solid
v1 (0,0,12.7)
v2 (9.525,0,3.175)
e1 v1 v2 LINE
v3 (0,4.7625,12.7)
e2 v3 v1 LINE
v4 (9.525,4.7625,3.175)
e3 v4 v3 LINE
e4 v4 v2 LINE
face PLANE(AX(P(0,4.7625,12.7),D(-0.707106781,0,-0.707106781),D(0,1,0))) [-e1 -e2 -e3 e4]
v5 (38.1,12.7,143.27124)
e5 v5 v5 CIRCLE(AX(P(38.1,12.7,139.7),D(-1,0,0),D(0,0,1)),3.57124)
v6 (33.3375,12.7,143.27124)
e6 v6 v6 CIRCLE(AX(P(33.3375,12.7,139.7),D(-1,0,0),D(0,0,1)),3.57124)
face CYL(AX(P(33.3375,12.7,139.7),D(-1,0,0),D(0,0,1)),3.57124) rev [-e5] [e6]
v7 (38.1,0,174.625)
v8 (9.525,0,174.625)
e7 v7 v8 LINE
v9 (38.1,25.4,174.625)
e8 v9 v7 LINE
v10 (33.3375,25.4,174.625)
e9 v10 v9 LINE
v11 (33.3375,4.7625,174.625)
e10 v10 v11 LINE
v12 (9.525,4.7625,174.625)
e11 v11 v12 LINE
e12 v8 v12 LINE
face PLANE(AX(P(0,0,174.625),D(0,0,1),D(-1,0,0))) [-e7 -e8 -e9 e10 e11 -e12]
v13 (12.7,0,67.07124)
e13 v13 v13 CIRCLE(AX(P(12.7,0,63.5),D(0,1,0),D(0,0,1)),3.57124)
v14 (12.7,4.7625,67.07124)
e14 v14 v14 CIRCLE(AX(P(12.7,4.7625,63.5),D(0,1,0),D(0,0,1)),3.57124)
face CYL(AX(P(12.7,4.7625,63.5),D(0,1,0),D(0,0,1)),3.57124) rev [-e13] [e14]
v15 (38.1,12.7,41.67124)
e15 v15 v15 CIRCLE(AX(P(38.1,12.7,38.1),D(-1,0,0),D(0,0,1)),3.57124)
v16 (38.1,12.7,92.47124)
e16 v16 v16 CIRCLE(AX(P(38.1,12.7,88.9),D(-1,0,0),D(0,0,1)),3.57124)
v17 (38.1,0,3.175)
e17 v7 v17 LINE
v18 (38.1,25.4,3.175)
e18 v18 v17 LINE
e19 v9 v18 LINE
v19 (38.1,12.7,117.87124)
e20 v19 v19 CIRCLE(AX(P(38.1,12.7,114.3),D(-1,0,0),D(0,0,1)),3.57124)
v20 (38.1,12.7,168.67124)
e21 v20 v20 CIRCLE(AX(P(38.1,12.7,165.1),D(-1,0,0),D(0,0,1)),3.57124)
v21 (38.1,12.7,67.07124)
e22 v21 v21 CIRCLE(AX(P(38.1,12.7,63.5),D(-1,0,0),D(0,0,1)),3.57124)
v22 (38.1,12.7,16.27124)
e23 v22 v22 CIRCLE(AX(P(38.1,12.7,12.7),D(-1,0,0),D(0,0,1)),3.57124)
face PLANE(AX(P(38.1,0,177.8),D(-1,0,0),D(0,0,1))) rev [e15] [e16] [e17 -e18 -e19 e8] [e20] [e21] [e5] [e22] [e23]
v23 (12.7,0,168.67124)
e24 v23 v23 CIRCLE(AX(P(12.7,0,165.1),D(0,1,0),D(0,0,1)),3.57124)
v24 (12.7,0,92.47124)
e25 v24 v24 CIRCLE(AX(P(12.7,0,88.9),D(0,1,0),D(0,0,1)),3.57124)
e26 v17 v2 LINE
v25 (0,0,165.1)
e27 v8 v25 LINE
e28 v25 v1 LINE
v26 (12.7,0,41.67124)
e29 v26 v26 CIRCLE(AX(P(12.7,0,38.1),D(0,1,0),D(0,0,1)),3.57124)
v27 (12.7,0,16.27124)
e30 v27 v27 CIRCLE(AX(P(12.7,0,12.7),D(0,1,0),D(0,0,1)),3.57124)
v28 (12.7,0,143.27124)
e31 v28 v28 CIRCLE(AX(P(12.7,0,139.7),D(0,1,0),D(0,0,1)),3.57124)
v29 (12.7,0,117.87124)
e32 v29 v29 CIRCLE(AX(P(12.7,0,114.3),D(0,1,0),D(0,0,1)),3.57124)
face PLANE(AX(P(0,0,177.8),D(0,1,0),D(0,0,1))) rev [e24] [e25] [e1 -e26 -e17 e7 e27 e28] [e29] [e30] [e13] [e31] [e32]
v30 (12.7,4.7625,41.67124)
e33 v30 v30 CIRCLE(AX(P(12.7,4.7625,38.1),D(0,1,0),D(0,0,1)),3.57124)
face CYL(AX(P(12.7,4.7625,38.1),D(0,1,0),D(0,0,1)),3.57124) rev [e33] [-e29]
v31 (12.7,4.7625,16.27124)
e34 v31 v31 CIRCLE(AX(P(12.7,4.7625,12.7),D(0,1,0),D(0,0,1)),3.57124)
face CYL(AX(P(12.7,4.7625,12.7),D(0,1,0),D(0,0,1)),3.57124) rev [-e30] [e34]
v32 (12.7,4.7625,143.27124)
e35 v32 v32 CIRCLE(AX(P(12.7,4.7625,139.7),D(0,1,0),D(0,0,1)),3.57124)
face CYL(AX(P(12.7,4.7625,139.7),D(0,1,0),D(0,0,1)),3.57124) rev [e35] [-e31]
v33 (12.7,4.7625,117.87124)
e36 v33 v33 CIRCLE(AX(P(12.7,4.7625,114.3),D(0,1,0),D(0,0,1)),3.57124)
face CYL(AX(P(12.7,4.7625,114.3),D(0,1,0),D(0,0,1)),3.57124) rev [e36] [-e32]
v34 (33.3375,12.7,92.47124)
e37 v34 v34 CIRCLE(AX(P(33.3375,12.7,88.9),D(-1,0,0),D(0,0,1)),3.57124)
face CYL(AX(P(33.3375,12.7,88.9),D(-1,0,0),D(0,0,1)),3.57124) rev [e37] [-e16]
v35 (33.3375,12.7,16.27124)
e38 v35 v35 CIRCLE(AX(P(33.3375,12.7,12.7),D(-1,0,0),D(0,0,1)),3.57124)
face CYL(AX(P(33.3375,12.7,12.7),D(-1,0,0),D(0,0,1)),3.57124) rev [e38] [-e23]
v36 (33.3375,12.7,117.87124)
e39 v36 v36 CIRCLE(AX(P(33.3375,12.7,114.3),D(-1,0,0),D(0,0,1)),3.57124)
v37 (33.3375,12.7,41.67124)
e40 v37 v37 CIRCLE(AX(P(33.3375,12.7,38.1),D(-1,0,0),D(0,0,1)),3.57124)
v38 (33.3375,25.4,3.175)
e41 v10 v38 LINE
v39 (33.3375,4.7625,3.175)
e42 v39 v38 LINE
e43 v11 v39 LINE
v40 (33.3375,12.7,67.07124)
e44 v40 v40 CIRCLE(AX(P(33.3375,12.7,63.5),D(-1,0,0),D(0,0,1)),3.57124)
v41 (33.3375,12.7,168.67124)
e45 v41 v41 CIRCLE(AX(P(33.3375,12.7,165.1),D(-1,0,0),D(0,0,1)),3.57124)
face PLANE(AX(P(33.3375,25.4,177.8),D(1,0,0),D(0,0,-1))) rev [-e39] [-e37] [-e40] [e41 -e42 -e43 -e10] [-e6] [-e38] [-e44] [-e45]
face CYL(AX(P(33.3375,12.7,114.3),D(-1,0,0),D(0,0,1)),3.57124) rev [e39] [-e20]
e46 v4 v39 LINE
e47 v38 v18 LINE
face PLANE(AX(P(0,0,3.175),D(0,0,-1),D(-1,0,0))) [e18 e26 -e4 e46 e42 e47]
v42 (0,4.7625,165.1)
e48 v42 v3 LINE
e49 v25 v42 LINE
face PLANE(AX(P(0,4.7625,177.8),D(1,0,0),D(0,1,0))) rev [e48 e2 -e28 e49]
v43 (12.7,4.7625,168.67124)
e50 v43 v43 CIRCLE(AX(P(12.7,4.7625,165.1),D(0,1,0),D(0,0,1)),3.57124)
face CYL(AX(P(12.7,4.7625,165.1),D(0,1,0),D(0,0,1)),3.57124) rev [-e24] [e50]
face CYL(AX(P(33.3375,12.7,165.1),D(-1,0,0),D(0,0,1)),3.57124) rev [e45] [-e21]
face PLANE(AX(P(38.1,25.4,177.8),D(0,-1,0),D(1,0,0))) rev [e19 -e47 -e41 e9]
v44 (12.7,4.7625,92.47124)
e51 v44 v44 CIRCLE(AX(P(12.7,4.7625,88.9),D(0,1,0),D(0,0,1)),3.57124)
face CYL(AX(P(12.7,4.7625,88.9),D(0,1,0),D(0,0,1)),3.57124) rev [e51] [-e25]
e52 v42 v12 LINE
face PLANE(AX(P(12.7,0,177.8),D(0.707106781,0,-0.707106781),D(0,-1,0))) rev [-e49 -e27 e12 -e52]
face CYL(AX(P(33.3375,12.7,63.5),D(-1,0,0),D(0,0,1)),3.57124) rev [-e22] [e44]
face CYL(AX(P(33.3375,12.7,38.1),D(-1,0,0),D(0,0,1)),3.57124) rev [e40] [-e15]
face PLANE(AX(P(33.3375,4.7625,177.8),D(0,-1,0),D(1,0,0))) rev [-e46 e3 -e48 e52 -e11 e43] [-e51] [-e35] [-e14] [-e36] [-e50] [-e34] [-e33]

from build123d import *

# Parameters (mm, degrees)
BOSS_EXTRUDE1_DEPTH         = 177.8
F_1_4_CLEARANCE_HOLE1_D     = 7.14248
F_1_4_CLEARANCE_HOLE2_D     = 7.14248
F_1_4_CLEARANCE_HOLE2_DEPTH = 4.7625
CHAMFER1_SIZE               = 12.7
SKETCH10_W                  = 38.1
SKETCH10_H                  = 25.4
CUT_EXTRUDE1_DEPTH          = 3.175


with BuildPart() as part:
    # Sketch1 → Boss-Extrude1 (new body)
    with BuildSketch(Plane.XY):
        Polygon((0, 0), (38.1, 0), (38.1, 25.4), (33.3375, 25.4), (33.3375, 4.7625), (0, 4.7625), align=None)
    extrude(amount=BOSS_EXTRUDE1_DEPTH)

    # 1/4 Clearance Hole1 (through all)
    with Locations(Plane(origin=(0, 4.7625, 0), x_dir=(1, 0, 0), z_dir=(0, 1, 0))):
        with Locations((12.7, -12.7), (12.7, -165.1), (12.7, -139.7), (12.7, -114.3), (12.7, -88.9), (12.7, -63.5), (12.7, -38.1)):
            Hole(F_1_4_CLEARANCE_HOLE1_D / 2)

    # 1/4 Clearance Hole2
    with Locations(Plane.ZY.offset(-33.3375)):
        with Locations((190.5, 12.7), (12.7, 12.7), (38.1, 12.7), (63.5, 12.7), (88.9, 12.7), (114.3, 12.7), (139.7, 12.7), (165.1, 12.7)):
            Hole(F_1_4_CLEARANCE_HOLE2_D / 2, depth=F_1_4_CLEARANCE_HOLE2_DEPTH)

    # Chamfer1
    chamfer1_edges = [part.edges().sort_by_distance(p)[0] for p in [
        (0, 2.38125, 177.8),
        (0, 2.38125, 0),
    ]]
    chamfer(chamfer1_edges, length=CHAMFER1_SIZE)

    # Sketch10 → Cut-Extrude1 (cut)
    with BuildSketch(Plane(origin=(0, 0, 0), x_dir=(-1, 0, 0), z_dir=(0, 0, -1))):
        with Locations((-19.05, 12.7)):
            Rectangle(SKETCH10_W, SKETCH10_H)
    cut_extrude1 = extrude(amount=-CUT_EXTRUDE1_DEPTH, mode=Mode.SUBTRACT)

    # Mirror1: Cut-Extrude1 across plane
    add(cut_extrude1.mirror(Plane(origin=(0, 0, 88.9), x_dir=(1, 0, 0), z_dir=(0, 0, -1))), mode=Mode.SUBTRACT)


solid = part.part
